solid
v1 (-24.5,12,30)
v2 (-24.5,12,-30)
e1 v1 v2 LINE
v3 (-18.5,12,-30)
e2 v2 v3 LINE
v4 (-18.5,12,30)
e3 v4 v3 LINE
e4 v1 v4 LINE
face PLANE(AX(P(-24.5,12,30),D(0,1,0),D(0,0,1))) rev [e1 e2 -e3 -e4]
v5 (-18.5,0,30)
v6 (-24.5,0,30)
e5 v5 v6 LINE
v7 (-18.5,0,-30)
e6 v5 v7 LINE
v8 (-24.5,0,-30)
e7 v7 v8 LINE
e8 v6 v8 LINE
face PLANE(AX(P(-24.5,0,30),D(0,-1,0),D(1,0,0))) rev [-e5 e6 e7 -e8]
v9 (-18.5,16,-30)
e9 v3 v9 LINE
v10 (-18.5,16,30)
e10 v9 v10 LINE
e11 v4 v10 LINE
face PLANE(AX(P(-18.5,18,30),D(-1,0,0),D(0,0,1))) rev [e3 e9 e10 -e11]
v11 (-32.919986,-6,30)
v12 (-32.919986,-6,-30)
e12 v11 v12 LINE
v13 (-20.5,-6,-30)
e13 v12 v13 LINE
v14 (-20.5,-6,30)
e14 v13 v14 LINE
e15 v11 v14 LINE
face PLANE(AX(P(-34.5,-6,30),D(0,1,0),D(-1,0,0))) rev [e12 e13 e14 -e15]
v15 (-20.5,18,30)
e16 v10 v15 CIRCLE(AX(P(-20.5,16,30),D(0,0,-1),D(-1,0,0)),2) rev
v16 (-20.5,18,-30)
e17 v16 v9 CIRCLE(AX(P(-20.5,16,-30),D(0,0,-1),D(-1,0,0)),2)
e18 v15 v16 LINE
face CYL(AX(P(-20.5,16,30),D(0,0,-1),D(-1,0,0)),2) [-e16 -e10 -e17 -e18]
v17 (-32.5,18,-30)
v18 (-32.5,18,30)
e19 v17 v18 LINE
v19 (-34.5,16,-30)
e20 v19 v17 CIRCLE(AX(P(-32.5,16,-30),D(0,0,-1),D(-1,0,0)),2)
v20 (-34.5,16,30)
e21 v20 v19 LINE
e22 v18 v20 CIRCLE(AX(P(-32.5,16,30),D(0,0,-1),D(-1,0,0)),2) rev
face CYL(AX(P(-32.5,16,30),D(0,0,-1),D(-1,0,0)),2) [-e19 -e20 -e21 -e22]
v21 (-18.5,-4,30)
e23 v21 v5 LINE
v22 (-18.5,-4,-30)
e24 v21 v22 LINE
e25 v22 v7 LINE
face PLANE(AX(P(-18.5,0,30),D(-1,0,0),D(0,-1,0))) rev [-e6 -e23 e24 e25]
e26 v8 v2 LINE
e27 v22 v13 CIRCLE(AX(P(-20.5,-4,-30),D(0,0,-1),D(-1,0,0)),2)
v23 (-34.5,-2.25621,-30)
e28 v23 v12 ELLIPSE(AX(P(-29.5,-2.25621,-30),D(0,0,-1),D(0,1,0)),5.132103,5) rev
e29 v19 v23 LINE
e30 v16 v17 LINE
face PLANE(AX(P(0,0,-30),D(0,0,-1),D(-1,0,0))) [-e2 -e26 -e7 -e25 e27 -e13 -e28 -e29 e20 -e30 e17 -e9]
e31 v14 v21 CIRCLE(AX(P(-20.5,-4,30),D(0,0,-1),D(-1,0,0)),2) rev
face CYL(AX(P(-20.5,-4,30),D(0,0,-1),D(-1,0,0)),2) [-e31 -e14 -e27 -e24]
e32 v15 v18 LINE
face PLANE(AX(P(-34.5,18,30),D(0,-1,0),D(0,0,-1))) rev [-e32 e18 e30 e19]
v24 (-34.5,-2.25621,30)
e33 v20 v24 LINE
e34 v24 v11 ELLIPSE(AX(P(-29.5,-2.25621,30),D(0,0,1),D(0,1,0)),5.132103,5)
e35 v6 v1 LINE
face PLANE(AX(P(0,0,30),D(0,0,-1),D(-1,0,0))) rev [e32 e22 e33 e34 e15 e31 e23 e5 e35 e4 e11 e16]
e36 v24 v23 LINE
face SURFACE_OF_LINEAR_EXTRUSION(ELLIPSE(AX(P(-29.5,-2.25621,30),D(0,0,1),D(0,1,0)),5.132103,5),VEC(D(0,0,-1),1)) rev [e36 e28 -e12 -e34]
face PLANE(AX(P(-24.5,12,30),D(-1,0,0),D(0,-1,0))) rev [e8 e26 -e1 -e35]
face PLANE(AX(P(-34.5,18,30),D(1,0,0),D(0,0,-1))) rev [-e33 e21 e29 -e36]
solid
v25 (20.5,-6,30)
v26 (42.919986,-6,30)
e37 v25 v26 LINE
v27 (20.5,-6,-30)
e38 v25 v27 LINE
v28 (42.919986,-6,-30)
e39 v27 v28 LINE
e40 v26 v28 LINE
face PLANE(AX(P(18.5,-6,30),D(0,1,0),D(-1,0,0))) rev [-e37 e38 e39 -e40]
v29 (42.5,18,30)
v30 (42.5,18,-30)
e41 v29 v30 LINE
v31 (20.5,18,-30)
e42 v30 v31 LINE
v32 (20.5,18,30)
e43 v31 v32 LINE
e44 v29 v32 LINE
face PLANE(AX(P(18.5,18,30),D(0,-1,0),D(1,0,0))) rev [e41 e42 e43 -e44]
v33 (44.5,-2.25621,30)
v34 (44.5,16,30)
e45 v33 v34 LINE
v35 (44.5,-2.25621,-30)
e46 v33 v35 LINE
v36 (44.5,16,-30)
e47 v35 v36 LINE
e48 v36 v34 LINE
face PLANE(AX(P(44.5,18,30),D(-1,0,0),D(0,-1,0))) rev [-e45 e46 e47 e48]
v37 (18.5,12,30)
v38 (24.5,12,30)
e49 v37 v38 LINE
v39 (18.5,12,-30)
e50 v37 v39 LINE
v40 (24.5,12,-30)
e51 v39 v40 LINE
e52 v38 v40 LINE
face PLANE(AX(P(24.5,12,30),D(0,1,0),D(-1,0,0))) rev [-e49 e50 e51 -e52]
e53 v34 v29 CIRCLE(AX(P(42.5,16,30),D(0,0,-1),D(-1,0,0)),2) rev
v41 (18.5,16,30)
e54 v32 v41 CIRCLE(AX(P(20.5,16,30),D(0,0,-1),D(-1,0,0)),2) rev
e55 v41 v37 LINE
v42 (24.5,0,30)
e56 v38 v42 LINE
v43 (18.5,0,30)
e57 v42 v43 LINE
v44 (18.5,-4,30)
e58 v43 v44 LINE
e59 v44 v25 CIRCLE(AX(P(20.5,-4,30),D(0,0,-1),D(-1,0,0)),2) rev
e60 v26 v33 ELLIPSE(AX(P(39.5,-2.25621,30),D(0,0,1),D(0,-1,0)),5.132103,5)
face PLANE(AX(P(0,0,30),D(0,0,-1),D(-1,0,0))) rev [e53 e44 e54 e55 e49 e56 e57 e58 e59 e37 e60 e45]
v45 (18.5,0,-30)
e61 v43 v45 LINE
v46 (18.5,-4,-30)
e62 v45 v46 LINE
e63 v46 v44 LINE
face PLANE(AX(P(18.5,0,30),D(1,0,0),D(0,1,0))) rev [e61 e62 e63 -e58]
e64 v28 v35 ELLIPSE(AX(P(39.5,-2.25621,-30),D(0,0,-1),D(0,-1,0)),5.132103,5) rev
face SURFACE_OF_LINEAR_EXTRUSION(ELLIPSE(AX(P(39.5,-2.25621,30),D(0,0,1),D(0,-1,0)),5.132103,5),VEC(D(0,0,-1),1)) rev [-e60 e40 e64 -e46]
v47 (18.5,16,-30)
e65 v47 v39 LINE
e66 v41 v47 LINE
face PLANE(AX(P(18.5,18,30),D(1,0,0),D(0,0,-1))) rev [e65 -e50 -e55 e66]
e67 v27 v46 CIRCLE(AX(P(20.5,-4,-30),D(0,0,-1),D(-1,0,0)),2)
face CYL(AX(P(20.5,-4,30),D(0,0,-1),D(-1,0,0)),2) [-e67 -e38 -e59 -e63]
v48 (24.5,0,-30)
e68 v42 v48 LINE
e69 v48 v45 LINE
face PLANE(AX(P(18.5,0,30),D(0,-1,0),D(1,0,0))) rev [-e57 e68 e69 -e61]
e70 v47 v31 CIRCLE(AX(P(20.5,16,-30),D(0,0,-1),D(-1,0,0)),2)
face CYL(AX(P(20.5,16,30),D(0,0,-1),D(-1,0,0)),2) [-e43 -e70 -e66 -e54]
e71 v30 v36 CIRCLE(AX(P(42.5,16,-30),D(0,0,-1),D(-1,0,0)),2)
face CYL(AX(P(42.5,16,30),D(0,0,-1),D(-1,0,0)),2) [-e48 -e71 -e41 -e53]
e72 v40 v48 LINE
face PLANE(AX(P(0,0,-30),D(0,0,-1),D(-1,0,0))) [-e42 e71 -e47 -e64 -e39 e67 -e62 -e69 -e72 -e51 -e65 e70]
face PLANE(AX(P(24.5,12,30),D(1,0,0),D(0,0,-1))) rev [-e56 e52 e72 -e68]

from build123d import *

# Parameters (mm, degrees)
BOSS_EXTRUDE1_DEPTH     = 30
BOSS_EXTRUDE1_2_DEPTH   = 30
FILLET1_R               = 2
FILLET2_R               = 2
CUT_EXTRUDE1_DEPTH      = 77.839117642
CUT_EXTRUDE1_DEPTH_BACK = 77.839117642


with BuildPart() as part:
    # Sketch1 → Boss-Extrude1 (new, symmetric)
    with BuildSketch(Plane.XY):
        Polygon((18.5, 18), (44.5, 18), (44.5, -6), (18.5, -6), (18.5, 0), (24.5, 0), (24.5, 12), (18.5, 12), align=None)
    extrude(amount=BOSS_EXTRUDE1_DEPTH, both=True)

    # Fillet2
    fillet2_edges = [part.edges().sort_by_distance(p)[0] for p in [
        (18.5, 18, 0),
        (44.5, 18, 0),
        (18.5, -6, 0),
    ]]
    fillet(fillet2_edges, radius=FILLET2_R)


with BuildPart() as body_2:
    # Sketch1 → Boss-Extrude1 2 (new, symmetric)
    with BuildSketch(Plane.XY):
        Polygon((-34.5, 18), (-34.5, -6), (-18.5, -6), (-18.5, 0), (-24.5, 0), (-24.5, 12), (-18.5, 12), (-18.5, 18), align=None)
    extrude(amount=BOSS_EXTRUDE1_2_DEPTH, both=True)

    # Fillet1
    fillet1_edges = [body_2.edges().sort_by_distance(p)[0] for p in [
        (-18.5, -6, 0),
        (-34.5, 18, 0),
        (-18.5, 18, 0),
    ]]
    fillet(fillet1_edges, radius=FILLET1_R)


with BuildPart() as cut_extrude1_tool:
    # Sketch2 → Cut-Extrude1 (new, two sides: drawn at the far end of the back side and taken through both)
    with BuildSketch(Plane(origin=(0, 0, -30), x_dir=(-1, 0, 0), z_dir=(0, 0, -1)).offset(-CUT_EXTRUDE1_DEPTH_BACK)):
        with BuildLine():
            Line((-44.5, -2.256209937), (-44.5, -6))
            Line((-44.5, -6), (-42.919986213, -6))
            add(Edge.make_bspline(
                [(-44.5, -2.256209937), (-44.5, -4.479366821), (-42.919986213, -6)],
                knots=[4.71238898, 4.71238898, 4.71238898, 5.529957107, 5.529957107, 5.529957107], degree=2, weights=[1, 0.917604829, 1]))
        make_face()
        with BuildLine():
            Line((32.919986213, -6), (34.5, -6))
            Line((34.5, -6), (34.5, -2.256209937))
            add(Edge.make_bspline(
                [(32.919986213, -6), (34.5, -4.479366821), (34.5, -2.256209937)],
                knots=[3.894820854, 3.894820854, 3.894820854, 4.71238898, 4.71238898, 4.71238898], degree=2, weights=[1, 0.917604829, 1]))
        make_face()
    extrude(amount=CUT_EXTRUDE1_DEPTH + CUT_EXTRUDE1_DEPTH_BACK)


with BuildPart() as part_1:
    add(part.part)

    # Cut-Extrude1: cut by cut_extrude1_tool
    add(cut_extrude1_tool.part, mode=Mode.SUBTRACT)


with BuildPart() as body_2_1:
    add(body_2.part)

    # Cut-Extrude1: cut by cut_extrude1_tool
    add(cut_extrude1_tool.part, mode=Mode.SUBTRACT)


solid = Compound([part_1.part, body_2_1.part])
